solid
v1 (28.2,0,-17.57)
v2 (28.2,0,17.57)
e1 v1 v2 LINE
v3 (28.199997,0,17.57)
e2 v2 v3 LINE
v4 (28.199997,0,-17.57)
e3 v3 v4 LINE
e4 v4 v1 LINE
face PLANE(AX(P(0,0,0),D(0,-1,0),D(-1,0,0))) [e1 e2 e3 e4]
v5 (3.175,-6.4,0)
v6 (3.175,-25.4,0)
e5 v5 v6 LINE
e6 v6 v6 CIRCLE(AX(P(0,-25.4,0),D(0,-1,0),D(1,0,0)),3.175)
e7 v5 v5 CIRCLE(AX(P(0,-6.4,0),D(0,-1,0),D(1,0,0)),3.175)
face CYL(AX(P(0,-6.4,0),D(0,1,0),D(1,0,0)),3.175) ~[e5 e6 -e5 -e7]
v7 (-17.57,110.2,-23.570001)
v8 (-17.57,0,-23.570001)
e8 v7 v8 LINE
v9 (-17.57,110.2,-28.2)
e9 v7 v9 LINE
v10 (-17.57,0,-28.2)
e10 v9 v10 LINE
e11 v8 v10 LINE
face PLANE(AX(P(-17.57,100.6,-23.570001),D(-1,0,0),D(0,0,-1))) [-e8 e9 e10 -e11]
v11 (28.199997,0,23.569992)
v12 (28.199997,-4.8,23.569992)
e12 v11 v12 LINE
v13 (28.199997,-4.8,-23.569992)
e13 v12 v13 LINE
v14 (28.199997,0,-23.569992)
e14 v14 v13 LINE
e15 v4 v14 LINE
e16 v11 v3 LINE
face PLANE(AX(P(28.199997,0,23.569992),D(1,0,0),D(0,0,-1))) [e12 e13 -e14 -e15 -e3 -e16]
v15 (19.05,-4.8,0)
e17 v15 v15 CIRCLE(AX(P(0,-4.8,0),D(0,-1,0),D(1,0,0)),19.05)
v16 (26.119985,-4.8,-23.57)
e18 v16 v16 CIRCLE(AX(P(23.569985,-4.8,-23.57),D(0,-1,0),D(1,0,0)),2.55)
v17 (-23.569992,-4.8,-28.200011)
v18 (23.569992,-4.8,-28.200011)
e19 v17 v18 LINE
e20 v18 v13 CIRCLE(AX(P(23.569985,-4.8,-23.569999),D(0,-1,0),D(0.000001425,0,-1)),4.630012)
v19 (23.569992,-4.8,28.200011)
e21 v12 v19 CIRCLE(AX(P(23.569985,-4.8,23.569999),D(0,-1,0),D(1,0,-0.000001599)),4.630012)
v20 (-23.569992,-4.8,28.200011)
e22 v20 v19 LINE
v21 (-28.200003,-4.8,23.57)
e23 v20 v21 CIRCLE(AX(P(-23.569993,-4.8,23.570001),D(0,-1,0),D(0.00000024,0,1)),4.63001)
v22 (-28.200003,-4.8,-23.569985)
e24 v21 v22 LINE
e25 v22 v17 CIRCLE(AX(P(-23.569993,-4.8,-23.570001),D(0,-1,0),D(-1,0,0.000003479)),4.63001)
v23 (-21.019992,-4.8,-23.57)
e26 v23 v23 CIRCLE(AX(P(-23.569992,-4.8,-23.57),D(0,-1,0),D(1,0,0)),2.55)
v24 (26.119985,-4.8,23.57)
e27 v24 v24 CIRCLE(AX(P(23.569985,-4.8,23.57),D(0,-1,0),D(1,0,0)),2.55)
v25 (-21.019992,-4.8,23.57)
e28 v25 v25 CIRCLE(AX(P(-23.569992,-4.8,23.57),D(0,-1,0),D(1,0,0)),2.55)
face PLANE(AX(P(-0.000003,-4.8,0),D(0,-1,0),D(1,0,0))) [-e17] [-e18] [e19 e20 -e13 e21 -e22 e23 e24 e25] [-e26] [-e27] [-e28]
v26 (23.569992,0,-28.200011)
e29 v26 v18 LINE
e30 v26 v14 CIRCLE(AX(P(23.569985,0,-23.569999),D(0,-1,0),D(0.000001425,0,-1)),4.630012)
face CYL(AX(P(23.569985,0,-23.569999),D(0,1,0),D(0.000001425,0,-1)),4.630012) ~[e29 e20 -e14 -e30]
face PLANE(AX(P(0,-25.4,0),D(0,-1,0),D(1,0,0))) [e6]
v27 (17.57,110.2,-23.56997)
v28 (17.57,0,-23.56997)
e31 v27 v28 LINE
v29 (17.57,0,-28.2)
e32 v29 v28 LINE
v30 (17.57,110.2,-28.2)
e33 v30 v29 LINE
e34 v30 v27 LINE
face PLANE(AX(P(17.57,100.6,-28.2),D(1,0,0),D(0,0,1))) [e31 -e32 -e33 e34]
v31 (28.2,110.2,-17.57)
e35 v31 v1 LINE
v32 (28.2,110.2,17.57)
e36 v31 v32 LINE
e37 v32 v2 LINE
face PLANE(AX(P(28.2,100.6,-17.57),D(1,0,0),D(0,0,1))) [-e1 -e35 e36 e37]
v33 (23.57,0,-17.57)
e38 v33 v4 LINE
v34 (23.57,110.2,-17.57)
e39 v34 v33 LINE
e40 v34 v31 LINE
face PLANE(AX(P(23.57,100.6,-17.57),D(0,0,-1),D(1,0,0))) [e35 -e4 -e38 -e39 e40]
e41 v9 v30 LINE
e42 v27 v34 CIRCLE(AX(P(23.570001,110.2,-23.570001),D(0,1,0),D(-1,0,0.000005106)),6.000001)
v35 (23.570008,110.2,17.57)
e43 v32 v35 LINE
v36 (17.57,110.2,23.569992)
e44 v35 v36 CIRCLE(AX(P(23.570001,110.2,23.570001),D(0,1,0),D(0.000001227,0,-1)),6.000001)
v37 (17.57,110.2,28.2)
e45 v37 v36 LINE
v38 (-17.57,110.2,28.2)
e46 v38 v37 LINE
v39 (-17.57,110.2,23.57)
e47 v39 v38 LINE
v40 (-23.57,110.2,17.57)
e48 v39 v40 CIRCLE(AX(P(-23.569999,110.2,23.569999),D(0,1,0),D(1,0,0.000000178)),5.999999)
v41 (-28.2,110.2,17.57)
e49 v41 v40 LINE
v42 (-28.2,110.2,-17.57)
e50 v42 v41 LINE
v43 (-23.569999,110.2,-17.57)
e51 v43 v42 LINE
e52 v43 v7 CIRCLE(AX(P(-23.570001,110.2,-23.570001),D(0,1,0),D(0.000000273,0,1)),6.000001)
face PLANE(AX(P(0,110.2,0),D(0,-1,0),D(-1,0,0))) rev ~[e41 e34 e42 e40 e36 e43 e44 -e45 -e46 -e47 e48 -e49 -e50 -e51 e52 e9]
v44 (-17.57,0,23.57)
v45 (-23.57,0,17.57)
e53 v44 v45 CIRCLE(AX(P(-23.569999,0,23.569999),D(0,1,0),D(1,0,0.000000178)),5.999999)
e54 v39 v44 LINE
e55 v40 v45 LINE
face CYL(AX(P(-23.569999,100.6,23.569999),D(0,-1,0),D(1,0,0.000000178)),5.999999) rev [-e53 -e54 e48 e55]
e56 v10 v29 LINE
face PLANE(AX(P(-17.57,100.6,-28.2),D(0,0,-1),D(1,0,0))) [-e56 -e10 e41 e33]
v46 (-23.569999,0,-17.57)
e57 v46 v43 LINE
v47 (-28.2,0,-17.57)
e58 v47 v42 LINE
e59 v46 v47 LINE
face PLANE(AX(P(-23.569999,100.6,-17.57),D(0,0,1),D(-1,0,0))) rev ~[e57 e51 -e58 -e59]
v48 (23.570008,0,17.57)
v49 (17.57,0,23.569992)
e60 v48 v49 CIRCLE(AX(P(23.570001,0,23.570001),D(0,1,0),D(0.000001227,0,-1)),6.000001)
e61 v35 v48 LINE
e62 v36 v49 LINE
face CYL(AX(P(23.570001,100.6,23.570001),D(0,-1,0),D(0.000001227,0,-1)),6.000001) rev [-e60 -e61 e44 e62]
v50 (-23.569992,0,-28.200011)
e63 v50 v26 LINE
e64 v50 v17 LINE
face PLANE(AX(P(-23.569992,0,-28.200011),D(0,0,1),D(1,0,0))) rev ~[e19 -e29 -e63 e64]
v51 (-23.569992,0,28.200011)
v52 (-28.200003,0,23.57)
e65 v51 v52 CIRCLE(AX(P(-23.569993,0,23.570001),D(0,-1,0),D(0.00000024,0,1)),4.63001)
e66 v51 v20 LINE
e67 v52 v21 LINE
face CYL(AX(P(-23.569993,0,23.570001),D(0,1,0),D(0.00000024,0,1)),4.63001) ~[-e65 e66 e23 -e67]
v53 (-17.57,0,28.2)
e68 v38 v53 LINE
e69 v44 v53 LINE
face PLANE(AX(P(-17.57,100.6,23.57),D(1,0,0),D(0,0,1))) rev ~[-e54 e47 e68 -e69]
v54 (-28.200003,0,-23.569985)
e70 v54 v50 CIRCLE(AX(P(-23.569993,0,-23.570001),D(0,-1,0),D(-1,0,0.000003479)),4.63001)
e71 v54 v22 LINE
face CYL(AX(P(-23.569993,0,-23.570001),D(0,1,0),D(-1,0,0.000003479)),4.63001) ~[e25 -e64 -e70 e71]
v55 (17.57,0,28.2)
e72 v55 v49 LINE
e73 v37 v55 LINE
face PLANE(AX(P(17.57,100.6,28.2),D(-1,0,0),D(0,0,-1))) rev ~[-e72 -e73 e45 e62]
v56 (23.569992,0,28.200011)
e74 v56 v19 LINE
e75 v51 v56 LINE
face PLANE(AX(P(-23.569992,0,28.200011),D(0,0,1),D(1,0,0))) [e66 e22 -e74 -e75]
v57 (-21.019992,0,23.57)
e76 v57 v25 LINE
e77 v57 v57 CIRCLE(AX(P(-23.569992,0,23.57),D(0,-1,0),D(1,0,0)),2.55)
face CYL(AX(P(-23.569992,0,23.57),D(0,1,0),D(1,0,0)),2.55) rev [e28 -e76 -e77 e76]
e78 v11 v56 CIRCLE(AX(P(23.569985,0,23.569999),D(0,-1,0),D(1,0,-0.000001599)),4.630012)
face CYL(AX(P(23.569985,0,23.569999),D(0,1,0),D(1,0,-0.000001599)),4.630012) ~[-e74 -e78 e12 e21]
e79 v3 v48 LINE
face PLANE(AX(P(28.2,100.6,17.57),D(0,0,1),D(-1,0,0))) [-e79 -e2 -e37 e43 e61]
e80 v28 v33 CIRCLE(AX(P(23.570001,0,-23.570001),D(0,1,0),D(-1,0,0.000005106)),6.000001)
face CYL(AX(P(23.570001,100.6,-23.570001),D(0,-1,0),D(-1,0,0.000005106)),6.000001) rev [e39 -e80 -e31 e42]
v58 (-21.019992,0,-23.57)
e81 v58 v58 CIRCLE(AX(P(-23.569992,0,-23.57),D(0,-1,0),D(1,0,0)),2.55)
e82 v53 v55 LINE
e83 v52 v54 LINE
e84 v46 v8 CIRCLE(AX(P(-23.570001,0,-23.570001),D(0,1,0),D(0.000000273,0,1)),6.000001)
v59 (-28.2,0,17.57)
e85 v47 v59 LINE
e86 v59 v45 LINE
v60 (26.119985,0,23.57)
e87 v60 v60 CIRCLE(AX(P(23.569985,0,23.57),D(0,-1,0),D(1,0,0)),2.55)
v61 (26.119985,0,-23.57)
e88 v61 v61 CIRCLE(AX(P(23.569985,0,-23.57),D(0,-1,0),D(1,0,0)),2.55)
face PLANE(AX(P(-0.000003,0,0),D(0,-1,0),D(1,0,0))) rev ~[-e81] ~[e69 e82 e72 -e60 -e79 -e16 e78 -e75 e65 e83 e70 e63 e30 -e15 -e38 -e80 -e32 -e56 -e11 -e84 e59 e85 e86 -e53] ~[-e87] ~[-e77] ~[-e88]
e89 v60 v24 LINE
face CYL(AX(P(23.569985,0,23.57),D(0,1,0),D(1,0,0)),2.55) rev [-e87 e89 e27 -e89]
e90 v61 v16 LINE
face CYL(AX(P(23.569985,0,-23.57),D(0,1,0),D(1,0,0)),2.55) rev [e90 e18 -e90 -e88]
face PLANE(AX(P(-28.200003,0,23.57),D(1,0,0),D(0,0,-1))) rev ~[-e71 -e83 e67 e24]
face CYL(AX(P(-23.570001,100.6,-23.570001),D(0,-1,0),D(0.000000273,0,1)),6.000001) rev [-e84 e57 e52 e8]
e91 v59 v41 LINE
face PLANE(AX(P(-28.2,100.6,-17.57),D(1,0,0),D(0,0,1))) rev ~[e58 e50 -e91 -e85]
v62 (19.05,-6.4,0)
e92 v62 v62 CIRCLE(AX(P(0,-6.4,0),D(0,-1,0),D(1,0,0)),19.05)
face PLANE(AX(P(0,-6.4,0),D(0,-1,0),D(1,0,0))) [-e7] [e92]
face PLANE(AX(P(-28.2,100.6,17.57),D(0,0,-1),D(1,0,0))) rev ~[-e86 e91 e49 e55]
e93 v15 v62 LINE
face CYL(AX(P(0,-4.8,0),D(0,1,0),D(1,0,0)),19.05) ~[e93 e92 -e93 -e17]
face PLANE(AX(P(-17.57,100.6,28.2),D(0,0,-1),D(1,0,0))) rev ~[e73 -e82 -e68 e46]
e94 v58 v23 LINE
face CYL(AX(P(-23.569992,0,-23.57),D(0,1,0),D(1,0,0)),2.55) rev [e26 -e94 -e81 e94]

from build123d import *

# Parameters (mm, degrees)
SKETCH_R     = 2.55
PAD_DEPTH    = 4.8
SKETCH001_R  = 19.05
PAD001_DEPTH = 1.6
SKETCH002_R  = 3.175
PAD002_DEPTH = 19
PAD003_DEPTH = 4.8
PAD004_DEPTH = 95.8
PAD005_DEPTH = 9.6


with BuildPart() as part:
    # Sketch → Pad (new body)
    with BuildSketch(Plane.XZ):
        with BuildLine():
            ThreePointArc((-23.569992, 28.200011), (-26.843905, 26.843912), (-28.200003, 23.57))
            Line((-28.200003, 23.57), (-28.200003, -23.569985))
            ThreePointArc((-28.200003, -23.569985), (-26.84391, -26.843907), (-23.569992, -28.200011))
            Line((-23.569992, -28.200011), (23.569992, -28.200011))
            ThreePointArc((23.569992, -28.200011), (26.843903, -26.843907), (28.199997, -23.569992))
            Line((28.199997, 23.569992), (28.199997, -23.569992))
            ThreePointArc((28.199997, 23.569992), (26.843903, 26.843907), (23.569992, 28.200011))
            Line((-23.569992, 28.200011), (23.569992, 28.200011))
        make_face()
        with Locations((-23.569992, 23.57)):
            Circle(SKETCH_R, mode=Mode.SUBTRACT)
        with Locations((23.569985, 23.57)):
            Circle(SKETCH_R, mode=Mode.SUBTRACT)
        with Locations((23.569985, -23.57)):
            Circle(SKETCH_R, mode=Mode.SUBTRACT)
        with Locations((-23.569992, -23.57)):
            Circle(SKETCH_R, mode=Mode.SUBTRACT)
    extrude(amount=PAD_DEPTH)

    # Sketch001 → Pad001 (new body)
    with BuildSketch(Plane.XZ.offset(4.8)):
        Circle(SKETCH001_R)
    extrude(amount=PAD001_DEPTH)

    # Sketch002 → Pad002 (new body)
    with BuildSketch(Plane.XZ.offset(6.4)):
        Circle(SKETCH002_R)
    extrude(amount=PAD002_DEPTH)

    # Sketch003 → Pad003 (new body)
    with BuildSketch(Plane(origin=(0, 0, 0), x_dir=(1, 0, 0), z_dir=(0, 1, 0))):
        with BuildLine():
            ThreePointArc((-23.569999, 17.57), (-19.327359, 19.32736), (-17.57, 23.570001))
            Line((-17.57, 23.570001), (-17.57, 28.2))
            Line((-17.57, 28.2), (17.57, 28.2))
            Line((17.57, 28.2), (17.57, 23.56997))
            ThreePointArc((17.57, 23.56997), (19.32737, 19.327349), (23.57, 17.57))
            Line((23.57, 17.57), (28.2, 17.57))
            Line((28.2, 17.57), (28.2, -17.57))
            Line((28.2, -17.57), (23.570008, -17.57))
            ThreePointArc((23.570008, -17.57), (19.327365, -19.327354), (17.57, -23.569992))
            Line((17.57, -28.2), (17.57, -23.569992))
            Line((-17.57, -28.2), (17.57, -28.2))
            Line((-17.57, -23.57), (-17.57, -28.2))
            ThreePointArc((-17.57, -23.57), (-19.327359, -19.327359), (-23.57, -17.57))
            Line((-28.2, -17.57), (-23.57, -17.57))
            Line((-28.2, 17.57), (-28.2, -17.57))
            Line((-23.569999, 17.57), (-28.2, 17.57))
        make_face()
    extrude(amount=PAD003_DEPTH)

    # Sketch004 → Pad004 (new body)
    with BuildSketch(Plane(origin=(0, 4.8, 0), x_dir=(1, 0, 0), z_dir=(0, 1, 0))):
        with BuildLine():
            ThreePointArc((-23.569999, 17.57), (-19.327359, 19.32736), (-17.57, 23.570001))
            Line((-17.57, 23.570001), (-17.57, 28.2))
            Line((-17.57, 28.2), (17.57, 28.2))
            Line((17.57, 28.2), (17.57, 23.56997))
            ThreePointArc((17.57, 23.56997), (19.32737, 19.327349), (23.57, 17.57))
            Line((23.57, 17.57), (28.2, 17.57))
            Line((28.2, 17.57), (28.2, -17.57))
            Line((28.2, -17.57), (23.570008, -17.57))
            ThreePointArc((23.570008, -17.57), (19.327365, -19.327354), (17.57, -23.569992))
            Line((17.57, -28.2), (17.57, -23.569992))
            Line((-17.57, -28.2), (17.57, -28.2))
            Line((-17.57, -23.57), (-17.57, -28.2))
            ThreePointArc((-17.57, -23.57), (-19.327359, -19.327359), (-23.57, -17.57))
            Line((-28.2, -17.57), (-23.57, -17.57))
            Line((-28.2, 17.57), (-28.2, -17.57))
            Line((-23.569999, 17.57), (-28.2, 17.57))
        make_face()
    extrude(amount=PAD004_DEPTH)

    # Sketch005 → Pad005 (new body)
    with BuildSketch(Plane(origin=(0, 100.6, 0), x_dir=(1, 0, 0), z_dir=(0, 1, 0))):
        with BuildLine():
            ThreePointArc((-23.569999, 17.57), (-19.327359, 19.32736), (-17.57, 23.570001))
            Line((-17.57, 23.570001), (-17.57, 28.2))
            Line((-17.57, 28.2), (17.57, 28.2))
            Line((17.57, 28.2), (17.57, 23.56997))
            ThreePointArc((17.57, 23.56997), (19.32737, 19.327349), (23.57, 17.57))
            Line((23.57, 17.57), (28.2, 17.57))
            Line((28.2, 17.57), (28.2, -17.57))
            Line((28.2, -17.57), (23.570008, -17.57))
            ThreePointArc((23.570008, -17.57), (19.327365, -19.327354), (17.57, -23.569992))
            Line((17.57, -28.2), (17.57, -23.569992))
            Line((-17.57, -28.2), (17.57, -28.2))
            Line((-17.57, -23.57), (-17.57, -28.2))
            ThreePointArc((-17.57, -23.57), (-19.327359, -19.327359), (-23.57, -17.57))
            Line((-28.2, -17.57), (-23.57, -17.57))
            Line((-28.2, 17.57), (-28.2, -17.57))
            Line((-23.569999, 17.57), (-28.2, 17.57))
        make_face()
    extrude(amount=PAD005_DEPTH)


solid = part.part
